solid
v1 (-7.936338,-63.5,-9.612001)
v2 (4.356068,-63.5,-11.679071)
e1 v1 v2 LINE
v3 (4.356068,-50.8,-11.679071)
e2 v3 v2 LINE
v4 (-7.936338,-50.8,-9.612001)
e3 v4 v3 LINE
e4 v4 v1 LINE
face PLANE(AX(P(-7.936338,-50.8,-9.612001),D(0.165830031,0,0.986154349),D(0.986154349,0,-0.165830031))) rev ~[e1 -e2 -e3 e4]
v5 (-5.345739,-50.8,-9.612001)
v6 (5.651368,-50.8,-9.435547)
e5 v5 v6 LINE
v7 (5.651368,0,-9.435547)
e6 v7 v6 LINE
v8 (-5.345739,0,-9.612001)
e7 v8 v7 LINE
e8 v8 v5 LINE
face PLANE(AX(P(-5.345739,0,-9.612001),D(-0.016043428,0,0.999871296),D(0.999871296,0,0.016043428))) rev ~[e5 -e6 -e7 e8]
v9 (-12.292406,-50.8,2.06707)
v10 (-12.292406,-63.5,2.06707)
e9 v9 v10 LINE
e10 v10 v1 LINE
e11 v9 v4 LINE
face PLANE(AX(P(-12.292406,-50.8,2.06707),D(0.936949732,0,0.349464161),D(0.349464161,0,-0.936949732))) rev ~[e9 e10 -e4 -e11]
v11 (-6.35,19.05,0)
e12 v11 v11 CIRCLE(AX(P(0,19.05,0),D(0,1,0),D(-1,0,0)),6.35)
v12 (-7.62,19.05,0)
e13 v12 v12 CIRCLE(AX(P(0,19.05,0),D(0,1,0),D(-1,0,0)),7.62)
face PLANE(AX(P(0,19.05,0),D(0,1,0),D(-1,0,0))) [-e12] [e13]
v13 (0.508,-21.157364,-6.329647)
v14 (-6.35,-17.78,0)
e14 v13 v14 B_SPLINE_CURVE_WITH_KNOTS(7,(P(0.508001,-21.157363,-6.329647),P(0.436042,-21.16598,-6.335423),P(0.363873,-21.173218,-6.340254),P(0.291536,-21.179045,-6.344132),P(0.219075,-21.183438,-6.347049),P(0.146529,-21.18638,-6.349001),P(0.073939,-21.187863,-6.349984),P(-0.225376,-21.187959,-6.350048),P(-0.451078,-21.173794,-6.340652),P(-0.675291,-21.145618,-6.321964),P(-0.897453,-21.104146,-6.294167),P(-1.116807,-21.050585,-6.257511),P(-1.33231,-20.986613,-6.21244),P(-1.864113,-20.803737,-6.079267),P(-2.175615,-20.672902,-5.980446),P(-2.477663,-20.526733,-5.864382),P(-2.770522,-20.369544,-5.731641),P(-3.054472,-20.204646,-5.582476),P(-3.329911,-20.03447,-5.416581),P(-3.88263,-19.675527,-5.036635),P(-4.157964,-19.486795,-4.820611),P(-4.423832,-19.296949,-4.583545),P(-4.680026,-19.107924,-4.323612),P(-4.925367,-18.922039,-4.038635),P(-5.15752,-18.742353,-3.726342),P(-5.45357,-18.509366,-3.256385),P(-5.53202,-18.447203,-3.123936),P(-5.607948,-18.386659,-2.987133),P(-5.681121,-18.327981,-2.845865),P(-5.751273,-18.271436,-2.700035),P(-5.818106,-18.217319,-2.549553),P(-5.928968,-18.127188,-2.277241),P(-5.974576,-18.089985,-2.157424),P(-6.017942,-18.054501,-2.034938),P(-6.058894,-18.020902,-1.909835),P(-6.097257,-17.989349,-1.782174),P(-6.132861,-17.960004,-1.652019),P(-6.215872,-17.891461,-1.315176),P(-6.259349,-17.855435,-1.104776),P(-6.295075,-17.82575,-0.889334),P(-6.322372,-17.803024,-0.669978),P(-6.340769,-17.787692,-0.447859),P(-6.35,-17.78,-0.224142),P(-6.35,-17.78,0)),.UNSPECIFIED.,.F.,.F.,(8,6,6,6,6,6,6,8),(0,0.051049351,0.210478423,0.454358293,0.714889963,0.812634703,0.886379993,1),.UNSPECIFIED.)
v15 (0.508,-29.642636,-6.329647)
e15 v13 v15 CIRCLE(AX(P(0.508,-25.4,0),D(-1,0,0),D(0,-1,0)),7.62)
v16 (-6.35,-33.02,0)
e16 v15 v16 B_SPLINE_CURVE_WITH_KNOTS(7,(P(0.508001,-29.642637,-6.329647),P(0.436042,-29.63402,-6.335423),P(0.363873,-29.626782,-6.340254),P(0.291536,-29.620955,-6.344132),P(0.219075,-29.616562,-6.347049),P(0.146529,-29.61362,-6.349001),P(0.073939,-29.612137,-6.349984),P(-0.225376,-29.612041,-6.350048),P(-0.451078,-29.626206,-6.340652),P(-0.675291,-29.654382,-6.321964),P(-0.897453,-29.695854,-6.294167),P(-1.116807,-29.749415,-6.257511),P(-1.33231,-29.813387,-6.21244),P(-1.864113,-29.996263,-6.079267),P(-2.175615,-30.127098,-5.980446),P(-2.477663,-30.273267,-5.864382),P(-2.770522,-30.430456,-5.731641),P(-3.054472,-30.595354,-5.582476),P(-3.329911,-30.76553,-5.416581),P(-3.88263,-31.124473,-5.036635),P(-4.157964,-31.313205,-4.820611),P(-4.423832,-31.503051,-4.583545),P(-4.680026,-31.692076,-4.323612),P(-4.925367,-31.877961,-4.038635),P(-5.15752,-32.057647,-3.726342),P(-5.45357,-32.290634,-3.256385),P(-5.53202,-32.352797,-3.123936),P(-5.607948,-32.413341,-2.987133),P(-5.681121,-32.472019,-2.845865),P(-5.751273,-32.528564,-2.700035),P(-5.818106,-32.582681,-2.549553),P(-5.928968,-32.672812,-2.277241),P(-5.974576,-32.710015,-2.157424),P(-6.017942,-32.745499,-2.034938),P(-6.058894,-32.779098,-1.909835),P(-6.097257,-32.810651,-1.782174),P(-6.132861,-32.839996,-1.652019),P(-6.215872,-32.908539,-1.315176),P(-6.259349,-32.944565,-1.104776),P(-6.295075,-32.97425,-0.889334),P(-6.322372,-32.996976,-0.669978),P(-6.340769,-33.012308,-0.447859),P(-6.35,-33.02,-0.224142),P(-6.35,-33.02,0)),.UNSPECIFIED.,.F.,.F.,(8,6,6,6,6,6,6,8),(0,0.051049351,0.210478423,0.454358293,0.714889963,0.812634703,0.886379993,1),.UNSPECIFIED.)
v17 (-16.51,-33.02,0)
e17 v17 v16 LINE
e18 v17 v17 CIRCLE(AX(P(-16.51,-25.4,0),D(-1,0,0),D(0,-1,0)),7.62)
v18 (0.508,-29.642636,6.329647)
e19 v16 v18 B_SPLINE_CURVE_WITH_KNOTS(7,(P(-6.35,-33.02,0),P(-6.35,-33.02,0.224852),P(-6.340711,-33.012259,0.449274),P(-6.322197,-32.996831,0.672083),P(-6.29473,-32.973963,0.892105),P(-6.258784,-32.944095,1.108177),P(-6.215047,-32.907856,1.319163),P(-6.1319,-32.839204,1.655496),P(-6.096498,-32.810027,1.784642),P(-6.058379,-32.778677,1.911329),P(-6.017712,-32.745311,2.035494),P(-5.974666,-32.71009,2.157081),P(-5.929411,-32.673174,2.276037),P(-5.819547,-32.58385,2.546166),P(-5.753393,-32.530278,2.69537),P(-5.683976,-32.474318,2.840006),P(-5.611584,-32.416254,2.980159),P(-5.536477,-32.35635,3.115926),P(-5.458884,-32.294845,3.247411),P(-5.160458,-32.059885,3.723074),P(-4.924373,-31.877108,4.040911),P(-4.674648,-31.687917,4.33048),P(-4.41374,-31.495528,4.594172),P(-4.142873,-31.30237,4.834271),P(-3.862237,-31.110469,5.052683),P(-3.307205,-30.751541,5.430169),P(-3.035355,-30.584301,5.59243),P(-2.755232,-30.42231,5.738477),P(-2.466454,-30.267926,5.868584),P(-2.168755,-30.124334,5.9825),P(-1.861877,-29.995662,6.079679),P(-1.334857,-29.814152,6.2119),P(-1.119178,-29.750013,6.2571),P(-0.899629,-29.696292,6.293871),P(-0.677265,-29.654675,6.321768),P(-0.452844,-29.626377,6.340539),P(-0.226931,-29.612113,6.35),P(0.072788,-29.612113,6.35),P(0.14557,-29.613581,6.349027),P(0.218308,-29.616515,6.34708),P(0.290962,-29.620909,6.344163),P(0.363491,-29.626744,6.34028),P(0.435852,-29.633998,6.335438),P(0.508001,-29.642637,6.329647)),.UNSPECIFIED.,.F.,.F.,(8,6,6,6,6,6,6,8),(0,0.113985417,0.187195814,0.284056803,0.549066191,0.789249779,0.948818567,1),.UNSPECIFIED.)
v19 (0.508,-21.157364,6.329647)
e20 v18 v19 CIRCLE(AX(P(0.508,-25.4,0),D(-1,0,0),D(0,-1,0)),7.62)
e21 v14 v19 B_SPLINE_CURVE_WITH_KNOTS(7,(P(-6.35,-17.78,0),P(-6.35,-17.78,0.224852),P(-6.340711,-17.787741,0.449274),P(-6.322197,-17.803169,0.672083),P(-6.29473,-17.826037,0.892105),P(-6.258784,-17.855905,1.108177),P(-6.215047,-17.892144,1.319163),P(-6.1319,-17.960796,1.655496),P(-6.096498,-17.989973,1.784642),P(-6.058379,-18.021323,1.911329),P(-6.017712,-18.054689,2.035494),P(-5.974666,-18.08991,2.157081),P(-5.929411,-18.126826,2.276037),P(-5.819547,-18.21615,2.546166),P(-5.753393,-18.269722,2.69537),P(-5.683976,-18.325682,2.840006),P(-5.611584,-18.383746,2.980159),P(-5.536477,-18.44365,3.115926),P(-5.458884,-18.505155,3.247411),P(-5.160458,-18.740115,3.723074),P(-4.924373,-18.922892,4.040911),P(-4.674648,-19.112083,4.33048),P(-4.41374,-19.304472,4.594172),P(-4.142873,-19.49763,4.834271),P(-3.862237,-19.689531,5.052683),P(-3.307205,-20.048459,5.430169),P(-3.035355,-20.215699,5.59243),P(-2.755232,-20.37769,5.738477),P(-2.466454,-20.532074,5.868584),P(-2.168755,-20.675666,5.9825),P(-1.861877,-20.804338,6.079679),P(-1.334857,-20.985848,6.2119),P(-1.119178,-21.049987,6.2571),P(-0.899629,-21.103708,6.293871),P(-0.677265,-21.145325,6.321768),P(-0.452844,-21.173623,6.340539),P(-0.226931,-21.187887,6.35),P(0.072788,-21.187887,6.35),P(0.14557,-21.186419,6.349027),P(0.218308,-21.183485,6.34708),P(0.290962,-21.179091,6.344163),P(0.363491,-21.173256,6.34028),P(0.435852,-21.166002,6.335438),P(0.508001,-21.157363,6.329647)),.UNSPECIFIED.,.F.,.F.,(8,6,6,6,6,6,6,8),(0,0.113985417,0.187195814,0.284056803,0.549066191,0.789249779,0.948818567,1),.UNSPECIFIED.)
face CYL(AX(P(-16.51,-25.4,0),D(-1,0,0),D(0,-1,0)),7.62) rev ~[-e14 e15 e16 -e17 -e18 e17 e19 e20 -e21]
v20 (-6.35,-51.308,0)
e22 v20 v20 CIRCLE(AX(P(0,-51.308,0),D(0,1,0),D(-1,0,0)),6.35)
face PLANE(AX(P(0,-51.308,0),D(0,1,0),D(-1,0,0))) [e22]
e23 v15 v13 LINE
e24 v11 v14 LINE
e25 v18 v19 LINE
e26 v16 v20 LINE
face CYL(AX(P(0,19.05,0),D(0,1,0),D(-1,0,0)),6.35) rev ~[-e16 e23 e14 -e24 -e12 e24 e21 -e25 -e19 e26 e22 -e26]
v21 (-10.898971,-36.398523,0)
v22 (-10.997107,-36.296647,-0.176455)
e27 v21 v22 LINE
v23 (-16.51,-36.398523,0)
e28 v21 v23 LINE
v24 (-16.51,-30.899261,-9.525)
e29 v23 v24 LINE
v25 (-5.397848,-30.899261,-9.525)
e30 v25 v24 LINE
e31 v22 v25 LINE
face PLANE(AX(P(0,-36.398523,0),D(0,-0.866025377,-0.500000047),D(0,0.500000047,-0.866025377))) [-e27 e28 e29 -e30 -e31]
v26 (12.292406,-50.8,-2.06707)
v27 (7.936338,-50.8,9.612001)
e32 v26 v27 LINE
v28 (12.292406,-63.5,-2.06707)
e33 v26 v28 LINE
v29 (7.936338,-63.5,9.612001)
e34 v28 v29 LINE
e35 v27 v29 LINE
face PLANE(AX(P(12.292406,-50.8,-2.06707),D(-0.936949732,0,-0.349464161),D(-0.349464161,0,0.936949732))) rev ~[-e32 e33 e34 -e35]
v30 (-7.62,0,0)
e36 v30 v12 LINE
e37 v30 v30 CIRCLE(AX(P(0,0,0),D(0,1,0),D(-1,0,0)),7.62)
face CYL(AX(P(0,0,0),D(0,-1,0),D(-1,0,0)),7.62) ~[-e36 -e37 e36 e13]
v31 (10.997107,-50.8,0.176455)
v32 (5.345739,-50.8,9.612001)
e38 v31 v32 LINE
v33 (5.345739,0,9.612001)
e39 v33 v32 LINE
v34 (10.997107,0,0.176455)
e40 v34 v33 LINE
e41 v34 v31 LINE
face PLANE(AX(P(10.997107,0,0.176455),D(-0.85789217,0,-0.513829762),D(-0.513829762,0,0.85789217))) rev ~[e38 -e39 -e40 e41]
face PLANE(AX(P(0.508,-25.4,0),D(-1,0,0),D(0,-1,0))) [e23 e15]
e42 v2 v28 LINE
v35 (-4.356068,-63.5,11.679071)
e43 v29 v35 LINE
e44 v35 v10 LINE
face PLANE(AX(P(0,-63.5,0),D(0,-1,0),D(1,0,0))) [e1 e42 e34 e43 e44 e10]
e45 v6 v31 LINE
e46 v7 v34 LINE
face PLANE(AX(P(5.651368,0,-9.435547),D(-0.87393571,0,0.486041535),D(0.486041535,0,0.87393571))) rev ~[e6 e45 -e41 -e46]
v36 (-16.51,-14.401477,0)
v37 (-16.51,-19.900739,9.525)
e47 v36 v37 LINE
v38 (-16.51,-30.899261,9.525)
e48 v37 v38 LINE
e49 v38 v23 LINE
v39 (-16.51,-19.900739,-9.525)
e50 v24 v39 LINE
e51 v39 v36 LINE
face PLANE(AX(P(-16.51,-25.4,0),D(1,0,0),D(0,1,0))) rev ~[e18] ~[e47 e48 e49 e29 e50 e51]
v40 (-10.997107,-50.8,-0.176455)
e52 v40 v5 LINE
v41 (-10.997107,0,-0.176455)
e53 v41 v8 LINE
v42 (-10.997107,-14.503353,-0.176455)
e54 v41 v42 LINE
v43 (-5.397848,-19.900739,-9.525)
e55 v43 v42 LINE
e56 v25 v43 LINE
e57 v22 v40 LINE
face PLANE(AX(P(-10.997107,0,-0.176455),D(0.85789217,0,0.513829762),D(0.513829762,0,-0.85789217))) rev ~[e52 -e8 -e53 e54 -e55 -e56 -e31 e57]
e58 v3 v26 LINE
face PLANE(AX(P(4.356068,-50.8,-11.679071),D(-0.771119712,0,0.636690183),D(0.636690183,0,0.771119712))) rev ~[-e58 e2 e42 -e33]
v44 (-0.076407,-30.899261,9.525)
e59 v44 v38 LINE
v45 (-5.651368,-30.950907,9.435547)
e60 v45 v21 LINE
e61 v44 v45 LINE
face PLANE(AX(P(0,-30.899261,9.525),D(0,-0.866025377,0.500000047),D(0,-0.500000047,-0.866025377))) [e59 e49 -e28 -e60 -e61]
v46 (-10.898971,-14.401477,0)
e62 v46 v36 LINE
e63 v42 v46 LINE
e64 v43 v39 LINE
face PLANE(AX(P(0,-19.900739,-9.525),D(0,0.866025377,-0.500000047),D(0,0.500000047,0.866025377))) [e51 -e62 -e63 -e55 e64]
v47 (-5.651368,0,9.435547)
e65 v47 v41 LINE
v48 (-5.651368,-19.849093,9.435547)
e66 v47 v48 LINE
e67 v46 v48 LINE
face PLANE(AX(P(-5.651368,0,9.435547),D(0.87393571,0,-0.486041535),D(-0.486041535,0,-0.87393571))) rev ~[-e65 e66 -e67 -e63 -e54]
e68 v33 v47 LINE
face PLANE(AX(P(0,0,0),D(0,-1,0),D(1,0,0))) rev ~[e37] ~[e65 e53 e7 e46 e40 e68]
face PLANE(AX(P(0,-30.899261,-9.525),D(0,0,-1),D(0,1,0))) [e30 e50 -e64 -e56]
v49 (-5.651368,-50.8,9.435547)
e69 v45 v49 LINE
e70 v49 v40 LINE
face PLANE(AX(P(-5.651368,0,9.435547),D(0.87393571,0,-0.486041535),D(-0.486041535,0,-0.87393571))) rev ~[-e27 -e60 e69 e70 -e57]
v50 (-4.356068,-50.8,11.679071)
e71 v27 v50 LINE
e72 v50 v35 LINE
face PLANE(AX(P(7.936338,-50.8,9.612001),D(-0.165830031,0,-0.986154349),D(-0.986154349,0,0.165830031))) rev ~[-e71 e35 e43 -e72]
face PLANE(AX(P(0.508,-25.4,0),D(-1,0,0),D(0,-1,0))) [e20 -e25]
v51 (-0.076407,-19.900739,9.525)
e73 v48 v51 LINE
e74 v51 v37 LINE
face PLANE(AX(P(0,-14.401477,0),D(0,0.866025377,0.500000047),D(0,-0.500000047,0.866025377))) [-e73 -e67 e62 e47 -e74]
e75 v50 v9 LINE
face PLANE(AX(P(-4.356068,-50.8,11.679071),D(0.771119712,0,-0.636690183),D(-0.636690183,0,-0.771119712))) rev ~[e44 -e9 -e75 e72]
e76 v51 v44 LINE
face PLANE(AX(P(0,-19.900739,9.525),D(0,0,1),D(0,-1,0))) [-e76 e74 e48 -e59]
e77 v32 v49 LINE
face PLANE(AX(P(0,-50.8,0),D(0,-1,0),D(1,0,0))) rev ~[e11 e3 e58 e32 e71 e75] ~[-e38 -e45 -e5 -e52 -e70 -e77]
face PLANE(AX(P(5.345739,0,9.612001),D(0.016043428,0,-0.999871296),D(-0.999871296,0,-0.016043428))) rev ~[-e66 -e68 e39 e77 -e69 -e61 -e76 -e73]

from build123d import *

# Parameters (mm, degrees)
F1_DEPTH  = 50.8
F3_DEPTH  = 16.51
F6_DEPTH  = 12.7
F4_R      = 7.62
F7_DEPTH  = 19.05
F8_R      = 6.35
F9_DEPTH  = 70.358
F10_R     = 7.62
F11_DEPTH = 17.018


with BuildPart() as f1:
    # F0 (on Front) → F1 (new body)
    with BuildSketch(Plane.XZ):
        Polygon((-5.651368, 9.435547), (-10.997107, -0.176455), (-5.345739, -9.612001), (5.651368, -9.435547), (10.997107, 0.176455), (5.345739, 9.612001), align=None)
    extrude(amount=F1_DEPTH)

    # F2 (on Right) → F3 (join)
    with BuildSketch(Plane.YZ):
        Polygon((-19.900739, 9.525), (-30.899261, 9.525), (-36.398523, 0), (-30.899261, -9.525), (-19.900739, -9.525), (-14.401477, 0), align=None)
    extrude(amount=-F3_DEPTH)

    # F5 (on face) → F6 (join)
    with BuildSketch(Plane.XZ.offset(50.8)):
        Polygon((-4.356068, 11.679071), (-12.292406, 2.06707), (-7.936338, -9.612001), (4.356068, -11.679071), (12.292406, -2.06707), (7.936338, 9.612001), align=None)
    extrude(amount=F6_DEPTH)

    # F4 (on face) → F7 (join)
    with BuildSketch(Plane(origin=(0, 0, 0), x_dir=(-1, 0, 0), z_dir=(0, 1, 0))):
        Circle(F4_R)
    extrude(amount=F7_DEPTH)

    # F8 (on face) → F9 (cut)
    with BuildSketch(Plane(origin=(0, 19.05, 0), x_dir=(-1, 0, 0), z_dir=(0, 1, 0))):
        Circle(F8_R)
    extrude(amount=-F9_DEPTH, mode=Mode.SUBTRACT)

    # F10 (on face) → F11 (cut)
    with BuildSketch(Plane(origin=(-16.51, 0, 0), x_dir=(0, -1, 0), z_dir=(-1, 0, 0))):
        with Locations((25.4, 0)):
            Circle(F10_R)
    extrude(amount=-F11_DEPTH, mode=Mode.SUBTRACT)


solid = f1.part
